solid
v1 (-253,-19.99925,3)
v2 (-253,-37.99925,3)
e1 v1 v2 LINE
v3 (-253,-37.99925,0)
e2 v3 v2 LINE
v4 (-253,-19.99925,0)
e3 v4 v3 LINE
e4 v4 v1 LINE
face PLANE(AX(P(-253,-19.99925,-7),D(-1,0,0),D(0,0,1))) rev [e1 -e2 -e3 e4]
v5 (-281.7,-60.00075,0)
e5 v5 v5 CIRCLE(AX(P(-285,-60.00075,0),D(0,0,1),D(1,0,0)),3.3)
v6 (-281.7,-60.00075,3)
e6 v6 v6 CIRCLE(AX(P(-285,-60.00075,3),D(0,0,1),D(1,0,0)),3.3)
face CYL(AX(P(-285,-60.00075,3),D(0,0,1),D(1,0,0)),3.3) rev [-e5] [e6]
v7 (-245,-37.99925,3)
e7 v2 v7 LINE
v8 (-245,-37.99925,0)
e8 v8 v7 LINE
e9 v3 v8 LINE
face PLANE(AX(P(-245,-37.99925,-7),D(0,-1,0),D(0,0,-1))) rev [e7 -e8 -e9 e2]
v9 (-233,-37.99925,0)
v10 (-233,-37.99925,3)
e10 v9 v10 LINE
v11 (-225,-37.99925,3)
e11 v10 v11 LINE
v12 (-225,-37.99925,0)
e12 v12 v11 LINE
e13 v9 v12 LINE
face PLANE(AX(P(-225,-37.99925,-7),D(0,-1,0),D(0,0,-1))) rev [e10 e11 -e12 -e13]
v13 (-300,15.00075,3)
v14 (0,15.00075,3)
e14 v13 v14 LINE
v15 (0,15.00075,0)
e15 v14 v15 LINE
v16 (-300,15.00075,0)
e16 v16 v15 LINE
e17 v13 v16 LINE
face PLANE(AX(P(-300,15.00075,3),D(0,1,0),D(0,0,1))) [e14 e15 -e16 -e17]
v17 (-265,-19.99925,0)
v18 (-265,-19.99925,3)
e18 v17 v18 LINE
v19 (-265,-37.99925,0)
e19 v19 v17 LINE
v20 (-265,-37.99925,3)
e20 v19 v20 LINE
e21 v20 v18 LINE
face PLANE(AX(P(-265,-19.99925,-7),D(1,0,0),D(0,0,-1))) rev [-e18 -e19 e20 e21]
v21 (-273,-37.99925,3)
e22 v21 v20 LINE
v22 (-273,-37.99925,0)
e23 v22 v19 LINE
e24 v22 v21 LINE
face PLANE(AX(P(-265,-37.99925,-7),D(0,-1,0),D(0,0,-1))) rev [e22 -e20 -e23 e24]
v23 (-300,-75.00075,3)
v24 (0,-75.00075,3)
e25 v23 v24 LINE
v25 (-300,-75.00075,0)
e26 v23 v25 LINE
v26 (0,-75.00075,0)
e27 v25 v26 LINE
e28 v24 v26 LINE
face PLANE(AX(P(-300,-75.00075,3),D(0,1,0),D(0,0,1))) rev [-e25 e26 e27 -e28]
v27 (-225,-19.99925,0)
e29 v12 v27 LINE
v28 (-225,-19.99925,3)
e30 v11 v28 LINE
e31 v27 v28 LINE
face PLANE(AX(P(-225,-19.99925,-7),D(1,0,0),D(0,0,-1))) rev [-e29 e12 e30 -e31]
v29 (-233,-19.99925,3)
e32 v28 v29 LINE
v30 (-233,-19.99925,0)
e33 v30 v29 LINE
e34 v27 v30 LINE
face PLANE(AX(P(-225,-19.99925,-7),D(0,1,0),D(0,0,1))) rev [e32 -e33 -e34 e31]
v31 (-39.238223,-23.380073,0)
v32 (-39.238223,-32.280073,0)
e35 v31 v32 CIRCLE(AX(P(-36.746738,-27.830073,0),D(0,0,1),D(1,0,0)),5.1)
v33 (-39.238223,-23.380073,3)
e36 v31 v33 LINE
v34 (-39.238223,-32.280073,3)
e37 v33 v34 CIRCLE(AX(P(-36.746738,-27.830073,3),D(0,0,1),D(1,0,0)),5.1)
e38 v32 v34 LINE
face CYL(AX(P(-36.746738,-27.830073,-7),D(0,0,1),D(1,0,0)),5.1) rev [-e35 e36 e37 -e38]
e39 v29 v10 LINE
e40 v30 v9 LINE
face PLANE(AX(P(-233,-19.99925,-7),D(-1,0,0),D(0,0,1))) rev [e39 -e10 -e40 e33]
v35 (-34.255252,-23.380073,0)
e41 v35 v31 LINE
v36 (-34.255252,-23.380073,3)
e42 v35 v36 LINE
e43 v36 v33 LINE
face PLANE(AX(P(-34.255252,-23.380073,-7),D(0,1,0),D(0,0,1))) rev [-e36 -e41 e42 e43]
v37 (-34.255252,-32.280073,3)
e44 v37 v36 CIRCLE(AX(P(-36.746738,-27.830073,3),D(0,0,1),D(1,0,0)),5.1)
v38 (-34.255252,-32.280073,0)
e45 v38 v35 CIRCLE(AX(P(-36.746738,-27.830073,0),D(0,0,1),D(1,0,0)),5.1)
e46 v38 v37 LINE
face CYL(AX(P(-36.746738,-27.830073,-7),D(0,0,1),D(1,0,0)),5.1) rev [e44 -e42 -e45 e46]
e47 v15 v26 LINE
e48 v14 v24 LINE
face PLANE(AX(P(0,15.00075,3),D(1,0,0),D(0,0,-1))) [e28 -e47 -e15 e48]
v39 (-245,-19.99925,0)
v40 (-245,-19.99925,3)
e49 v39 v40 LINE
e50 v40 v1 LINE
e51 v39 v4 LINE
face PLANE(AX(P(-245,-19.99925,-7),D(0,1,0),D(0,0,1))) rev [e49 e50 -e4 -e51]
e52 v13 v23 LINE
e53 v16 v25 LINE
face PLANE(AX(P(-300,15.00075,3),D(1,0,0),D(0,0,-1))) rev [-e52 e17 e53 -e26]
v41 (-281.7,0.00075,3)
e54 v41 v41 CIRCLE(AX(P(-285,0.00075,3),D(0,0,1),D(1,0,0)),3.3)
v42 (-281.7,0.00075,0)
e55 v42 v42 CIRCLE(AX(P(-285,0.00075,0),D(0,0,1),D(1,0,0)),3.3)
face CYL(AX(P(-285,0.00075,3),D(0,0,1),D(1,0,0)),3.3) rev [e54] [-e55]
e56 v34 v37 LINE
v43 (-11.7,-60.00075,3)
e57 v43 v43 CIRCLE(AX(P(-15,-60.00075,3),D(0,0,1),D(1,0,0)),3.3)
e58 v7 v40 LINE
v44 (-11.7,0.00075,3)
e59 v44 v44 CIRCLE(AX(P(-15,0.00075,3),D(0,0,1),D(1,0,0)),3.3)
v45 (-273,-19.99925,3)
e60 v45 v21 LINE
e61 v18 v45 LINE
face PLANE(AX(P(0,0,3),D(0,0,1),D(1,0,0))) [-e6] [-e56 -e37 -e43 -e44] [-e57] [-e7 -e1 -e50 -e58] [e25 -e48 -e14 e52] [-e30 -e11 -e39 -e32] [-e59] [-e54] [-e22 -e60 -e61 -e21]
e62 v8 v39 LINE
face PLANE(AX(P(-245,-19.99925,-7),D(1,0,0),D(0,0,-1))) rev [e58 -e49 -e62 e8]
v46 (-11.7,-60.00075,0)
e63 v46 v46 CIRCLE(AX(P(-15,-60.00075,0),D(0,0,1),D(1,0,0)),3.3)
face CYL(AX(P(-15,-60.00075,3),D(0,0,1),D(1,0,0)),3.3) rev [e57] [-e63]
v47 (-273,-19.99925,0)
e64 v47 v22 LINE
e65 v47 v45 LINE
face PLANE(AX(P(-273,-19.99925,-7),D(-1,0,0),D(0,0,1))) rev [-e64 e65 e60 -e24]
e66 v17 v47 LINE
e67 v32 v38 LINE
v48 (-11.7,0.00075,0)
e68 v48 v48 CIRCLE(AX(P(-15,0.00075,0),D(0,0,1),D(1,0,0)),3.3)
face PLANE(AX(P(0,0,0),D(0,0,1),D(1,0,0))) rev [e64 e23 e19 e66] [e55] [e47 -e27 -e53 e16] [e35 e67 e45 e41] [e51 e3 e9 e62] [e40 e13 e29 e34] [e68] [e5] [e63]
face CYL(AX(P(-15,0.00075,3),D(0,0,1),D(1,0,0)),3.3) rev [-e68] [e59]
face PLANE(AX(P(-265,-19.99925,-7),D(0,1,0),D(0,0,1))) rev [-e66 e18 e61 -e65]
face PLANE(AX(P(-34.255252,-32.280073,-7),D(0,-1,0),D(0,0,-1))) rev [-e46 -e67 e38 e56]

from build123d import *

# Parameters (mm, degrees)
SKIZZE1_W                       = 300
SKIZZE1_H                       = 90.0015
AUFSATZ_LINEAR_AUSTRAGEN1_DEPTH = 3
DURCHGANGSLOCH_F_R_M61_D        = 6.6
SKIZZE4_W                       = 8
SKIZZE4_H                       = 18
SCHNITT_LINEAR_AUSTRAGEN1_DEPTH = 10
SCHNITT_LINEAR_AUSTRAGEN2_DEPTH = 10


with BuildPart() as part:
    # Skizze1 → Aufsatz-Linear austragen1 (new body)
    with BuildSketch(Plane.XY):
        with Locations((-150, -29.999999991)):
            Rectangle(SKIZZE1_W, SKIZZE1_H)
    extrude(amount=AUFSATZ_LINEAR_AUSTRAGEN1_DEPTH)

    # Durchgangsloch für M61 (through all)
    with Locations(Plane.XY.offset(3)):
        with Locations((-15, 0.000750009), (-15, -60.000749991), (-285, -60.000749991), (-285, 0.000750009)):
            Hole(DURCHGANGSLOCH_F_R_M61_D / 2)

    # Skizze4 → Schnitt-Linear austragen1 (cut)
    with BuildSketch(Plane.XY.offset(3)):
        with Locations((-269, -28.999249991)):
            Rectangle(SKIZZE4_W, SKIZZE4_H)
        with Locations((-249, -28.999249991)):
            Rectangle(SKIZZE4_W, SKIZZE4_H)
        with Locations((-229, -28.999249991)):
            Rectangle(SKIZZE4_W, SKIZZE4_H)
    extrude(amount=-SCHNITT_LINEAR_AUSTRAGEN1_DEPTH, mode=Mode.SUBTRACT)

    # Skizze5 → Schnitt-Linear austragen2 (cut)
    with BuildSketch(Plane.XY.offset(3)):
        with BuildLine():
            Line((-34.255252171, -23.380072644), (-39.238223172, -23.380072644))
            ThreePointArc((-39.238223172, -23.380072644), (-41.846737672, -27.830072644), (-39.238223172, -32.280072644))
            Line((-39.238223172, -32.280072644), (-34.255252171, -32.280072644))
            ThreePointArc((-34.255252171, -32.280072644), (-31.646737672, -27.830072644), (-34.255252171, -23.380072644))
        make_face()
    extrude(amount=-SCHNITT_LINEAR_AUSTRAGEN2_DEPTH, mode=Mode.SUBTRACT)


solid = part.part
